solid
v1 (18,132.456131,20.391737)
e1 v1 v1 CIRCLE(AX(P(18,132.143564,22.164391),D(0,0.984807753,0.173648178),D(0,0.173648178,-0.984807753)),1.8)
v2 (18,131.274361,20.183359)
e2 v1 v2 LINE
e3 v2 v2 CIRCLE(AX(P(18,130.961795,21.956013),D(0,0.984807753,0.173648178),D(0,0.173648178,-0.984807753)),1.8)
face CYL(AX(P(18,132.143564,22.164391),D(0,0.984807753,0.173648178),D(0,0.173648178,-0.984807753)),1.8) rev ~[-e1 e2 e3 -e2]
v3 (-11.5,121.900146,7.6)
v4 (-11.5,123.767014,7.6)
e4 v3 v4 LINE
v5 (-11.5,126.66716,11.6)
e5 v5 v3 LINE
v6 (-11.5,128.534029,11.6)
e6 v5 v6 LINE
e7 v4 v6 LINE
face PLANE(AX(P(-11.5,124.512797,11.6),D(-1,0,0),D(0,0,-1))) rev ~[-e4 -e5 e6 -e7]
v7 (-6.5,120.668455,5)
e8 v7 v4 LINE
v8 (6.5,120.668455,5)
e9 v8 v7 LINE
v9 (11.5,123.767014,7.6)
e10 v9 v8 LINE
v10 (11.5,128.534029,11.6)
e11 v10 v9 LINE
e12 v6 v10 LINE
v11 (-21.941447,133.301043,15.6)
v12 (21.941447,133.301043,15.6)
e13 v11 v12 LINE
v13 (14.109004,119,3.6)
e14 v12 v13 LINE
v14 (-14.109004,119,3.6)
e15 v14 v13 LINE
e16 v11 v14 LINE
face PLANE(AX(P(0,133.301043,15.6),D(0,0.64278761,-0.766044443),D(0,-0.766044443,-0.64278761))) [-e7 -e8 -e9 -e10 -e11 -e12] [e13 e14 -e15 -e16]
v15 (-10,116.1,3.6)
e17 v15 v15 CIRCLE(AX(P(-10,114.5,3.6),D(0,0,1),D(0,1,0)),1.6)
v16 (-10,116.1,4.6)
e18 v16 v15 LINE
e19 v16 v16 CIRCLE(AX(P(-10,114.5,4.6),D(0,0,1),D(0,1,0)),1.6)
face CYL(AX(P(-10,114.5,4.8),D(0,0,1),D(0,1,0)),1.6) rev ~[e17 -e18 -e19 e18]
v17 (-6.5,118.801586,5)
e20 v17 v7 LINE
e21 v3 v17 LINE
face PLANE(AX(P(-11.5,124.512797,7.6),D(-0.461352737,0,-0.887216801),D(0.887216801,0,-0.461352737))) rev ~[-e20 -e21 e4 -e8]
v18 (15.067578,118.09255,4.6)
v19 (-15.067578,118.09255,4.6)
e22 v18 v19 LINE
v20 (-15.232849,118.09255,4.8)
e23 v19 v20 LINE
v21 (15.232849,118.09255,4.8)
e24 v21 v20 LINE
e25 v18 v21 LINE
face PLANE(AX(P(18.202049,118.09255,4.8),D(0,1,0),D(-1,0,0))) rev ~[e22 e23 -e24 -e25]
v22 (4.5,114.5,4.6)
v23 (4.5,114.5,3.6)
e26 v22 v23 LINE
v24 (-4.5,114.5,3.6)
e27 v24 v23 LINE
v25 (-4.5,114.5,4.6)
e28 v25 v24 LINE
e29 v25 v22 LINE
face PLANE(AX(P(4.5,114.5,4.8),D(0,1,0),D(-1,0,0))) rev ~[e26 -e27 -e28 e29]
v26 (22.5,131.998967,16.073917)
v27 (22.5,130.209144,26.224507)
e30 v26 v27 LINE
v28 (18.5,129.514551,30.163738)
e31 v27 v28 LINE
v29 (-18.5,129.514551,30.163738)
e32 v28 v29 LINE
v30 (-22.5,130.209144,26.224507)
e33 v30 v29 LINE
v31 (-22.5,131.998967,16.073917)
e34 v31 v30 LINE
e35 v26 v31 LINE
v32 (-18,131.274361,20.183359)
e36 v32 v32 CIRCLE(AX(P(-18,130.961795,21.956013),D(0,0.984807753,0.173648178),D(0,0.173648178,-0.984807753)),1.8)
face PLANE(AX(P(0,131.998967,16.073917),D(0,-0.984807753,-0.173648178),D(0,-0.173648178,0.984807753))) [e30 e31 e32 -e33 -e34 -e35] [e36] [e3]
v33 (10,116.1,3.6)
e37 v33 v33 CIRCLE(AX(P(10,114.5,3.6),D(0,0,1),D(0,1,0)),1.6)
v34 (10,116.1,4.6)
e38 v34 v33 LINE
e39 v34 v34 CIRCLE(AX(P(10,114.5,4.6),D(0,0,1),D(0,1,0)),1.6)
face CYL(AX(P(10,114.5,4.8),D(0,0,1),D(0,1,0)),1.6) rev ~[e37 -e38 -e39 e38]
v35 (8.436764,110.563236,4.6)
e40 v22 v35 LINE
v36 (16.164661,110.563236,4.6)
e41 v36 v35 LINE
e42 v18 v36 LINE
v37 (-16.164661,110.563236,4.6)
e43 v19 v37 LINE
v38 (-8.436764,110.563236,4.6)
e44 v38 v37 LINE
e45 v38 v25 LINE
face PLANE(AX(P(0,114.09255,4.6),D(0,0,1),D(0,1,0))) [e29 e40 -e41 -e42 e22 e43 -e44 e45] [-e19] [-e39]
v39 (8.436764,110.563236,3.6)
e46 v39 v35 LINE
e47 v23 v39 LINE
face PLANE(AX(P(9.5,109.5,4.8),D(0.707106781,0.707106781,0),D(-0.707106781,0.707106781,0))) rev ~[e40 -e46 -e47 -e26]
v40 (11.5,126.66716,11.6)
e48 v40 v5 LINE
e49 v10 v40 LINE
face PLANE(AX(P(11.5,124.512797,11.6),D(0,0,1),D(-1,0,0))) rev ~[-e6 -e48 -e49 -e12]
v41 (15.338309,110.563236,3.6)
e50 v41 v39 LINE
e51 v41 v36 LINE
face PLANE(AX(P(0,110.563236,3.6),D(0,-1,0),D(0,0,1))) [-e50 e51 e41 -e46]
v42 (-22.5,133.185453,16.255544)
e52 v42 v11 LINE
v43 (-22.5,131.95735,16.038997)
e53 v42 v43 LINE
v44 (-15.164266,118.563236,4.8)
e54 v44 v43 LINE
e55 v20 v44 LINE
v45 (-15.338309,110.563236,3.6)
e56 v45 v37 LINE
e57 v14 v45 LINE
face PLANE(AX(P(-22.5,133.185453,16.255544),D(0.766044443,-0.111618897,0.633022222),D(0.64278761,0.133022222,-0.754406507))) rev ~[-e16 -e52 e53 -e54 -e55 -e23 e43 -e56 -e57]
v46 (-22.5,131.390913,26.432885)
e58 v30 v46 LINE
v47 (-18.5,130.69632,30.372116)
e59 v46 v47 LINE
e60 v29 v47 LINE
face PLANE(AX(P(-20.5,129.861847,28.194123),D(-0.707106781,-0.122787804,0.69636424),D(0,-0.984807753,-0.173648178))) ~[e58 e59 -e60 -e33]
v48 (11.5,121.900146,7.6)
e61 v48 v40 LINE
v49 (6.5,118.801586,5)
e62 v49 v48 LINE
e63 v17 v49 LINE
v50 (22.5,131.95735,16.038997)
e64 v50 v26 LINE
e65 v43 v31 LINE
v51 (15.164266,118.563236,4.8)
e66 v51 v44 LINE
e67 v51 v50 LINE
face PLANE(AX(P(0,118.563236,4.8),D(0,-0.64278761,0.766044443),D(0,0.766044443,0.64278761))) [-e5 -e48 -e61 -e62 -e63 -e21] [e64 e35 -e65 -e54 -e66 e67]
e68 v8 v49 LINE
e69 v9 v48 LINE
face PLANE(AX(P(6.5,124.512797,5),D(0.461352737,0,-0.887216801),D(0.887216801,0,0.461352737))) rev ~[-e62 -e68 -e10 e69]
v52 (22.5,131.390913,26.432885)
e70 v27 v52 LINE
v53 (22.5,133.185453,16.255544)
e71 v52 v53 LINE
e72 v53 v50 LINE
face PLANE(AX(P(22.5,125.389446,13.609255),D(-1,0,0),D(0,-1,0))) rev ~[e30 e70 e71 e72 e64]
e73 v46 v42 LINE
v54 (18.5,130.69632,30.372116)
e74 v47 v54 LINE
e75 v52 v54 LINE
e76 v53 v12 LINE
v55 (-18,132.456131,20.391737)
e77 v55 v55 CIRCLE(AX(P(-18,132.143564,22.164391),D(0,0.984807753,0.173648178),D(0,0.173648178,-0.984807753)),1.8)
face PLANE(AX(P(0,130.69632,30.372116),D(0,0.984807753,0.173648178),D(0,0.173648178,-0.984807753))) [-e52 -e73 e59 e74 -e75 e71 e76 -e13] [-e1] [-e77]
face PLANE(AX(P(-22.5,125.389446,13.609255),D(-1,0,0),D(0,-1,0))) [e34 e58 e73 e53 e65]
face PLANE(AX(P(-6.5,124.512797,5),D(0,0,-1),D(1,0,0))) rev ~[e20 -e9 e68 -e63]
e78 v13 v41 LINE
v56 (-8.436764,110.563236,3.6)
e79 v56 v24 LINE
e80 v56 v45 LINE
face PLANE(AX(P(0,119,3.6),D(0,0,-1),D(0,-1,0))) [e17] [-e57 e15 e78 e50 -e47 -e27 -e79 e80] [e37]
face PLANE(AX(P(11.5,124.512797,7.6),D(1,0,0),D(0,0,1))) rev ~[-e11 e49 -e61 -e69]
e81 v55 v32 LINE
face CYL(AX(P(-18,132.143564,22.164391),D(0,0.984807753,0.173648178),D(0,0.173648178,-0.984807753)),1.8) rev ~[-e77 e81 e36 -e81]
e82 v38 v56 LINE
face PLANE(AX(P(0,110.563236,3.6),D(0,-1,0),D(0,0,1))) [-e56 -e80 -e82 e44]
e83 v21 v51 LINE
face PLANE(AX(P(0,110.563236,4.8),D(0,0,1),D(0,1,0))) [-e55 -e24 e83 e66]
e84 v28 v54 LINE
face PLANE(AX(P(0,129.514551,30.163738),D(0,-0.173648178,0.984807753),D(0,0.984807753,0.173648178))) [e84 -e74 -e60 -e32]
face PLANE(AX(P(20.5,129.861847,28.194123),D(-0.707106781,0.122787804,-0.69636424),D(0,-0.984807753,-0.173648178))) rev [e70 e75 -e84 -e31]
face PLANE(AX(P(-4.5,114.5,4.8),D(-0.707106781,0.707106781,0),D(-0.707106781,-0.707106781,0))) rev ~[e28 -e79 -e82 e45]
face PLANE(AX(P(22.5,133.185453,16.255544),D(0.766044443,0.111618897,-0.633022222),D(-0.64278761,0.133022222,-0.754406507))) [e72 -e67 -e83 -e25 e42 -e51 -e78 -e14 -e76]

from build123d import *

# Parameters (mm, degrees)
PAD006_DEPTH            = 22.5
POCKET009_DEPTH         = 29
SKETCH013_R             = 1.6
POCKET010_DEPTH         = 5
SKETCH014_R             = 1.8
POCKET006_DEPTH         = 5
CHAMFER001_SIZE         = 4
POCKET007_DEPTH         = 7
SKETCH016_W             = 8
SKETCH016_H             = 36.404098
POCKET008_DEPTH         = 0.2
BODY003_PLACEMENT_ANGLE = 270


with BuildPart() as part:
    # Sketch011 → Pad006 (new body, symmetric)
    with BuildSketch(Plane.XZ):
        Polygon((0, 0), (8.4367642811, 0), (8.4367642811, 1.2), (0.4367642811, 1.2), (-12.998966821, 12.4739170124), (-10.5145511425, 26.563738482), (-11.6963204461, 26.7721162952), (-14.3010431111, 12), align=None)
    extrude(amount=PAD006_DEPTH, both=True)

    # Sketch012 (on Face7 of Pad006) → Pocket009 (cut)
    with BuildSketch(Plane(origin=(-15.9219347561, 0, 2.8074666826), x_dir=(-0.1736481777, 0, -0.984807753), z_dir=(-0.984807753, 0, 0.1736481777))):
        Polygon((-10, -22.5), (0, -14.1090036882), (0, -23.5), (-10, -23.5), align=None)
        Polygon((-10, 22.5), (0, 14.1090036882), (0, 23.5), (-10, 23.5), align=None)
    extrude(amount=-POCKET009_DEPTH, mode=Mode.SUBTRACT)

    # Sketch013 (on Face7 of Pocket009) → Pocket010 (cut)
    with BuildSketch(Plane(origin=(0, 0, 1.2), x_dir=(-1, 0, 0), z_dir=(0, 0, 1))):
        with Locations((-4.5, 10)):
            Circle(SKETCH013_R)
        with Locations((-4.5, -10)):
            Circle(SKETCH013_R)
        Polygon((-9.5, -9.5), (-4.5, -4.5), (-4.5, 4.5), (-9.5, 9.5), align=None)
    extrude(amount=-POCKET010_DEPTH, mode=Mode.SUBTRACT)

    # Sketch014 (on Face13 of Pocket010) → Pocket006 (cut)
    with BuildSketch(Plane(origin=(-15.9219347561, 0, 2.8074666826), x_dir=(-0.1736481777, 0, -0.984807753), z_dir=(-0.984807753, 0, 0.1736481777))):
        with Locations((-16, 18)):
            Circle(SKETCH014_R)
        with Locations((-16, -18)):
            Circle(SKETCH014_R)
    extrude(amount=-POCKET006_DEPTH, mode=Mode.SUBTRACT)

    # Chamfer001
    chamfer001_edges = [part.edges().sort_by_distance(p)[0] for p in [
        (-11.105436, -22.5, 26.667927),
        (-11.105436, 22.5, 26.667927),
    ]]
    chamfer(chamfer001_edges, length=CHAMFER001_SIZE)

    # Sketch015 → Pocket007 (cut, symmetric)
    with BuildSketch(Plane(origin=(-5.5127970494, 0, 0), x_dir=(0, 0, 1), z_dir=(1, 0, 0))):
        Polygon((1.4, 6.5), (1.4, -6.5), (4, -11.5), (8, -11.5), (8, 11.5), (4, 11.5), align=None)
    extrude(amount=POCKET007_DEPTH, both=True, mode=Mode.SUBTRACT)

    # Sketch016 (on Face16 of Pocket007) → Pocket008 (cut)
    with BuildSketch(Plane(origin=(0, 0, 1.2), x_dir=(-1, 0, 0), z_dir=(0, 0, 1))):
        with Locations((-4.90745, 0)):
            Rectangle(SKETCH016_W, SKETCH016_H)
    extrude(amount=-POCKET008_DEPTH, mode=Mode.SUBTRACT)


with BuildPart() as part_1:
    # Body003 placement: moved
    add(part.part.moved(Location((0, 119, 3.6))).rotate(Axis((0, 119, 3.6), (0, 0, 1)), BODY003_PLACEMENT_ANGLE))


solid = part_1.part
